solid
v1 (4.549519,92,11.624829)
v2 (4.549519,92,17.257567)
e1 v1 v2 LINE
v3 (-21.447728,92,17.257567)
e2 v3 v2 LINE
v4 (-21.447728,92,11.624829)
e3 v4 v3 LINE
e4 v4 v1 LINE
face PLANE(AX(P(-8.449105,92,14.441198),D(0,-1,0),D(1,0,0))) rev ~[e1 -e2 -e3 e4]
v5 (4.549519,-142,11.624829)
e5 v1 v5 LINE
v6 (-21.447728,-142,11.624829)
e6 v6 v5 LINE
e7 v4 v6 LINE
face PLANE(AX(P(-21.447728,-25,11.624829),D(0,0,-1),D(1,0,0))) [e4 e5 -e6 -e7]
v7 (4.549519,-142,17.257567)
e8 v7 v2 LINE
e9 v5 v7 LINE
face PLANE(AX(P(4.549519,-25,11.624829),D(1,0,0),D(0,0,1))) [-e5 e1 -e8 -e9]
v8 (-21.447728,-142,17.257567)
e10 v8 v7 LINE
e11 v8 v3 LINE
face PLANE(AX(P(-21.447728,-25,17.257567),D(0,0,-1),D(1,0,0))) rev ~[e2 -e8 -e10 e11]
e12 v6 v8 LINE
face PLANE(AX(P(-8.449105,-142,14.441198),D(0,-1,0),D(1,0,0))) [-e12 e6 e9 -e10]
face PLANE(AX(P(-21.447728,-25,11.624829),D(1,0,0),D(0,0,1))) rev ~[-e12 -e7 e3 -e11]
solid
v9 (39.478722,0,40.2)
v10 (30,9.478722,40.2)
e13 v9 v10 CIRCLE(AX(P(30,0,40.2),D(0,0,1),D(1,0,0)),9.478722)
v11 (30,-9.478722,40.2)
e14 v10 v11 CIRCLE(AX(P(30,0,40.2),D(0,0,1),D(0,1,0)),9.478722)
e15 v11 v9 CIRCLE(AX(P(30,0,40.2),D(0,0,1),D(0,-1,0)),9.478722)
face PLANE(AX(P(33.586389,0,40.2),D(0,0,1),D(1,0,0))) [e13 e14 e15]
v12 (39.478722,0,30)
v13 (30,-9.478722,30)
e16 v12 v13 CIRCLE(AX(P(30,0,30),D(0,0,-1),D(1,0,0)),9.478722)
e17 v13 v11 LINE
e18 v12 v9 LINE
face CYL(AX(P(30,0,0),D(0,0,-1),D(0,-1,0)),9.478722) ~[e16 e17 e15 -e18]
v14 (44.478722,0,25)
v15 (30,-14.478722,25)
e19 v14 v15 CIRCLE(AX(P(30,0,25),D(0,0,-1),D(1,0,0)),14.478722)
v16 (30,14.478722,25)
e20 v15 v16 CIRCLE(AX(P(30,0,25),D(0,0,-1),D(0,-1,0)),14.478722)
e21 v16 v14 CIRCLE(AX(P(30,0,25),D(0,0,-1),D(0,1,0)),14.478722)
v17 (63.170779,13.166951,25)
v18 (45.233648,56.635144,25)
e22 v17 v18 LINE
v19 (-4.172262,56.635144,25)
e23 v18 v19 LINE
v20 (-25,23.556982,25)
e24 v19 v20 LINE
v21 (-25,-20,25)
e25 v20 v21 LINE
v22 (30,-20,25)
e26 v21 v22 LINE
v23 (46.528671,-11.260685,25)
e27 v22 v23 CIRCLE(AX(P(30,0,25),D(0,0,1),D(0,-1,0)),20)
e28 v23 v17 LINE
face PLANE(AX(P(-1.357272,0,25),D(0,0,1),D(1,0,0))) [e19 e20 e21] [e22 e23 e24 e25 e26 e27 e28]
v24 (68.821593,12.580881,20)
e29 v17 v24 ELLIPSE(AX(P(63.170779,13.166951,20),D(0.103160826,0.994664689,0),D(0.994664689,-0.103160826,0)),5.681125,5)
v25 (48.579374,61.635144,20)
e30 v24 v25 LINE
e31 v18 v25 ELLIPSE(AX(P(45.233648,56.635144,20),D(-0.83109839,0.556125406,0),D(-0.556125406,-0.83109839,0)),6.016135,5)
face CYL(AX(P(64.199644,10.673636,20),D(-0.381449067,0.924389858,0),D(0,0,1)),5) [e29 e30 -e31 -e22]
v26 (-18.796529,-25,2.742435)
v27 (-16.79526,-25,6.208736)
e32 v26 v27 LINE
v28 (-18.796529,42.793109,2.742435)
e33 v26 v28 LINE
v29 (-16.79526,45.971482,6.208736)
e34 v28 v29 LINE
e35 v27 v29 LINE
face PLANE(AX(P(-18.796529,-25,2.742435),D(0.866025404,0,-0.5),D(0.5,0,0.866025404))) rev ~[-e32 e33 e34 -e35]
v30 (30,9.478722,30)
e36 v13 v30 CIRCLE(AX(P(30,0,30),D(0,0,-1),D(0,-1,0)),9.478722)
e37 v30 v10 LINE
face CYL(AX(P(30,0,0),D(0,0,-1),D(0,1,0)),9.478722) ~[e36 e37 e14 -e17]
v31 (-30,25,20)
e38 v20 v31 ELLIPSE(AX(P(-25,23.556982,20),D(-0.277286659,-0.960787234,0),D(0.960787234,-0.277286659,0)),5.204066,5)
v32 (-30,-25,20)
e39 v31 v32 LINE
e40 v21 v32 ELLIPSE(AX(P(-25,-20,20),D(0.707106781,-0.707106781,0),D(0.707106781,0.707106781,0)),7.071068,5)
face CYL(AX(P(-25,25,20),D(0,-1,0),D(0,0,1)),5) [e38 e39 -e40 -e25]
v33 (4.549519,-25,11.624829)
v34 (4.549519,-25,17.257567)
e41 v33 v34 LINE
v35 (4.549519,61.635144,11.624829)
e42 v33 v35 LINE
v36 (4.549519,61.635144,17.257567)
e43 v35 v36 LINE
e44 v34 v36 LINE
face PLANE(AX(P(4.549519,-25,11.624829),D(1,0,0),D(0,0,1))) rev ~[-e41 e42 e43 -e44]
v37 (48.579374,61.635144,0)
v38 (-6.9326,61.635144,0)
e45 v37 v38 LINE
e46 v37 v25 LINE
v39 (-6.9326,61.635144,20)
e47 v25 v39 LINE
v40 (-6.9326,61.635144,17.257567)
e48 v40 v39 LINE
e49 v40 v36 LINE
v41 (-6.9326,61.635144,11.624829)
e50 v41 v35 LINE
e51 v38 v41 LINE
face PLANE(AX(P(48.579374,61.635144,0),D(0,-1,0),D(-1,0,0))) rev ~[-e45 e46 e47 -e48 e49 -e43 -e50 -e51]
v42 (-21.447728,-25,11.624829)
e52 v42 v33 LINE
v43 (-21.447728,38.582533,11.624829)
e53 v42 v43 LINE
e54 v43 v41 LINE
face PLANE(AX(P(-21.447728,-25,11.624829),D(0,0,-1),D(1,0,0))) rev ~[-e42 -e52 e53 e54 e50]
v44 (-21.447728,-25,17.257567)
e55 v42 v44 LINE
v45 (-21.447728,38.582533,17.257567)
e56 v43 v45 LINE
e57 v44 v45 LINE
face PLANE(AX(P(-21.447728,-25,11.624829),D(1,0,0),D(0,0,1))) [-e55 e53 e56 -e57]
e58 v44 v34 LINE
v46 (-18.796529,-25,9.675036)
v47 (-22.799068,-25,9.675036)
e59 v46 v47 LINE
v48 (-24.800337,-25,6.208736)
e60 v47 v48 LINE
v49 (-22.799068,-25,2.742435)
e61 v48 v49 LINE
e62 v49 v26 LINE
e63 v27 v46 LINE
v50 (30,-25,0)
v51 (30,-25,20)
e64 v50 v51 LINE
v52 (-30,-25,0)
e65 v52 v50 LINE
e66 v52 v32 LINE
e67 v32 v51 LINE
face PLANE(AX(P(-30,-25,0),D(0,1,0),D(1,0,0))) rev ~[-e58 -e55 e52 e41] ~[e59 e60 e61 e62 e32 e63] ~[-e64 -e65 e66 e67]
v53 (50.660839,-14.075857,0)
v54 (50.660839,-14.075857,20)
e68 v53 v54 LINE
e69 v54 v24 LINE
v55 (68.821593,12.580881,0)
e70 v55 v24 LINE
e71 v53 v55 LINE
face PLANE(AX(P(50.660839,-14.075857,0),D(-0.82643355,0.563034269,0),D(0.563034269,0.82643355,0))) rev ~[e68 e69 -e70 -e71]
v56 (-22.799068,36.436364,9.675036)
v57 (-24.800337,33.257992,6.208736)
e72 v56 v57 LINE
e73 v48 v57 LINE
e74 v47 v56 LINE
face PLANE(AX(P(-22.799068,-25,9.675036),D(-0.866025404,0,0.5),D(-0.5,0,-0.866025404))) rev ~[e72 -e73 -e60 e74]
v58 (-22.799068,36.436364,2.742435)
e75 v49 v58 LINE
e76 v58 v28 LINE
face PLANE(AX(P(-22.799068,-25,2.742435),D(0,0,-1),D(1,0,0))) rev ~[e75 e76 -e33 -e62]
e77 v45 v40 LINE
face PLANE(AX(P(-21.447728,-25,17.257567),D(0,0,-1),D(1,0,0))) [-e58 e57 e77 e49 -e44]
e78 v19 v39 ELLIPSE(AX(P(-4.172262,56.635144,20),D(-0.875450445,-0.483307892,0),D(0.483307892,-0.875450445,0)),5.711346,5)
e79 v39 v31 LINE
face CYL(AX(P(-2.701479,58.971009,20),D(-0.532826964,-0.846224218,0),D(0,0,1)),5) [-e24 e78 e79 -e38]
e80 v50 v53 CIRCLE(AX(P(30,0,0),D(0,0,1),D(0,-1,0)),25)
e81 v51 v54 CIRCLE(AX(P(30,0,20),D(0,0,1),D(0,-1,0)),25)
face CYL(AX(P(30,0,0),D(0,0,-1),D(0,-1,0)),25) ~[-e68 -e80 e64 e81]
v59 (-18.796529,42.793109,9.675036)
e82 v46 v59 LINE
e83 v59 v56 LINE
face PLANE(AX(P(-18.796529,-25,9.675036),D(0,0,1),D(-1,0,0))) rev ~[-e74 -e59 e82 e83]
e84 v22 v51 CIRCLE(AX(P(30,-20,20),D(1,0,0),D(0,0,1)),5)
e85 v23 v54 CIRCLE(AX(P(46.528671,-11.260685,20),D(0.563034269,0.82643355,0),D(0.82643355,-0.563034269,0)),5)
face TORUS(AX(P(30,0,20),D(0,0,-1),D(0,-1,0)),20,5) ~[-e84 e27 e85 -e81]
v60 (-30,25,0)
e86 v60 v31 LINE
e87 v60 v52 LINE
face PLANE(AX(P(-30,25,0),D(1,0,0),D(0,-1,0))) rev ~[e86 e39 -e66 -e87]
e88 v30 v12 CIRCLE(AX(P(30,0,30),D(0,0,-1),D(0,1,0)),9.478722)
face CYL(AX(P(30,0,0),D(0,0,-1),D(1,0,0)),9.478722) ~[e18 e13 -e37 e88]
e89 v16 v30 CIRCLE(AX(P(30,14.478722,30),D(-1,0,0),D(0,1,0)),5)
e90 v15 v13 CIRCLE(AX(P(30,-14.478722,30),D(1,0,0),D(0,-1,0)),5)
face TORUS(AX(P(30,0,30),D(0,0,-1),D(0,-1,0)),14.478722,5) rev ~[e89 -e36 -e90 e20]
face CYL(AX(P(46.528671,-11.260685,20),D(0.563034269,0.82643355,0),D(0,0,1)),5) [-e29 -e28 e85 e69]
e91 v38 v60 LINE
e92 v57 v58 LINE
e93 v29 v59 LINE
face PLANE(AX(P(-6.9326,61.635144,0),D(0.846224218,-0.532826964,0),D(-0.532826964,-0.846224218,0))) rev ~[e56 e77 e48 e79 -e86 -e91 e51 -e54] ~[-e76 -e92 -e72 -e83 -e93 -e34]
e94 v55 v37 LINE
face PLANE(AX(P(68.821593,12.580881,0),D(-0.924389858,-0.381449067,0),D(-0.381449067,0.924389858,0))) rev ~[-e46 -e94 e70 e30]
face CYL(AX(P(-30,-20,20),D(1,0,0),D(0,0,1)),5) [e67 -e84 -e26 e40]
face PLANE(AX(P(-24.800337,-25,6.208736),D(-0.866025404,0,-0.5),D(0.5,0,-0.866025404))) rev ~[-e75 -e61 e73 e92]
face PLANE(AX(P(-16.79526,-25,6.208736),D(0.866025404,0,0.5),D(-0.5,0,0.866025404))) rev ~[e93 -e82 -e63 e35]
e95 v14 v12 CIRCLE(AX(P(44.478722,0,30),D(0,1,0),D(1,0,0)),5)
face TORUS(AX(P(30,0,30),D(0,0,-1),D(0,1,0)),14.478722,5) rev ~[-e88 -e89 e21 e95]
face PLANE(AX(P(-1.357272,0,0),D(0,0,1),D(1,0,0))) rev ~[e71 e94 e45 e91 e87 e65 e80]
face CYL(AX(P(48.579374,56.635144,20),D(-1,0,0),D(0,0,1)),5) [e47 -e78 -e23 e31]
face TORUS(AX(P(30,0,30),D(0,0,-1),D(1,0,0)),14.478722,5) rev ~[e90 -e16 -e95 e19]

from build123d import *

# Parameters (mm, degrees)
F1_DEPTH = 25
F2_DEPTH = 40.2
F3_R     = 5
F4_W     = 25.9972466156
F4_H     = 5.6327376515
F5_DEPTH = 86.6361440549
F6_DEPTH = 117


with BuildPart() as f1:
    # F0 (on Top) → F1 (new body)
    with BuildSketch(Plane.XY):
        with BuildLine():
            Line((-30, -25), (30, -25))
            ThreePointArc((30, -25), (5, 0), (30, 25))
            Line((30, 25), (-30, 25))
            Line((-30, 25), (-30, -25))
        make_face()
        with BuildLine():
            Line((-30, 25), (30, 25))
            ThreePointArc((30, 25), (47.6776695297, 17.6776695297), (55, 0))
            ThreePointArc((55, 0), (53.8905940542, -7.364748179), (50.6608387408, -14.0758567244))
            Line((50.6608387408, -14.0758567244), (68.8215934889, 12.5808813065))
            Line((68.8215934889, 12.5808813065), (48.5793736348, 61.6351440549))
            Line((48.5793736348, 61.6351440549), (-6.9325999357, 61.6351440549))
            Line((-6.9325999357, 61.6351440549), (-30, 25))
        make_face()
        with BuildLine():
            Line((30, -9.4787223474), (30, -25))
            ThreePointArc((30, -25), (41.6855376832, -22.1008644413), (50.6608387408, -14.0758567244))
            ThreePointArc((50.6608387408, -14.0758567244), (53.8905940542, -7.364748179), (55, 0))
            ThreePointArc((55, 0), (47.6776695297, 17.6776695297), (30, 25))
            Line((30, 25), (30, 9.4787223474))
            ThreePointArc((30, 9.4787223474), (36.7024688488, 6.7024688488), (39.4787223474, 0))
            ThreePointArc((39.4787223474, 0), (36.7024688488, -6.7024688488), (30, -9.4787223474))
        make_face()
        with BuildLine():
            ThreePointArc((30, 25), (5, 0), (30, -25))
            Line((30, -25), (30, -9.4787223474))
            ThreePointArc((30, -9.4787223474), (20.5212776526, 0), (30, 9.4787223474))
            Line((30, 9.4787223474), (30, 25))
        make_face()
    extrude(amount=F1_DEPTH)

    # F0 (on Top) → F2 (join)
    with BuildSketch(Plane.XY):
        with BuildLine():
            Line((30, 9.4787223474), (30, -9.4787223474))
            ThreePointArc((30, -9.4787223474), (36.7024688488, -6.7024688488), (39.4787223474, 0))
            ThreePointArc((39.4787223474, 0), (36.7024688488, 6.7024688488), (30, 9.4787223474))
        make_face()
        with BuildLine():
            ThreePointArc((30, 9.4787223474), (20.5212776526, 0), (30, -9.4787223474))
            Line((30, -9.4787223474), (30, 9.4787223474))
        make_face()
    extrude(amount=F2_DEPTH)

    # F3
    f3_edges = [f1.edges().sort_by_distance(p)[0] for p in [
        (0, -25, 25),
        (-30, 0, 25),
        (-18.4663, 43.317572, 25),
        (20.823387, 61.635144, 25),
        (58.700484, 37.108013, 25),
        (20.521278, 0, 25),
    ]]
    fillet(f3_edges, radius=F3_R)

    # F4 (on face) → F5 (cut, through all)
    with BuildSketch(Plane.XZ.offset(25)):
        Polygon((-22.799067764, 2.7424353175), (-18.7965290561, 2.7424353175), (-16.7952597022, 6.2087355182), (-18.7965290561, 9.6750357188), (-22.799067764, 9.6750357188), (-24.800337118, 6.2087355182), align=None)
        with Locations((-8.4491046146, 14.4411977381)):
            Rectangle(F4_W, F4_H)
    extrude(amount=-F5_DEPTH, mode=Mode.SUBTRACT)


with BuildPart() as f6:
    # F4 (on face) → F6 (new body, symmetric)
    with BuildSketch(Plane.XZ.offset(25)):
        with Locations((-8.4491046146, 14.4411977381)):
            Rectangle(F4_W, F4_H)
    extrude(amount=F6_DEPTH, both=True)


solid = Compound([f1.part, f6.part])
